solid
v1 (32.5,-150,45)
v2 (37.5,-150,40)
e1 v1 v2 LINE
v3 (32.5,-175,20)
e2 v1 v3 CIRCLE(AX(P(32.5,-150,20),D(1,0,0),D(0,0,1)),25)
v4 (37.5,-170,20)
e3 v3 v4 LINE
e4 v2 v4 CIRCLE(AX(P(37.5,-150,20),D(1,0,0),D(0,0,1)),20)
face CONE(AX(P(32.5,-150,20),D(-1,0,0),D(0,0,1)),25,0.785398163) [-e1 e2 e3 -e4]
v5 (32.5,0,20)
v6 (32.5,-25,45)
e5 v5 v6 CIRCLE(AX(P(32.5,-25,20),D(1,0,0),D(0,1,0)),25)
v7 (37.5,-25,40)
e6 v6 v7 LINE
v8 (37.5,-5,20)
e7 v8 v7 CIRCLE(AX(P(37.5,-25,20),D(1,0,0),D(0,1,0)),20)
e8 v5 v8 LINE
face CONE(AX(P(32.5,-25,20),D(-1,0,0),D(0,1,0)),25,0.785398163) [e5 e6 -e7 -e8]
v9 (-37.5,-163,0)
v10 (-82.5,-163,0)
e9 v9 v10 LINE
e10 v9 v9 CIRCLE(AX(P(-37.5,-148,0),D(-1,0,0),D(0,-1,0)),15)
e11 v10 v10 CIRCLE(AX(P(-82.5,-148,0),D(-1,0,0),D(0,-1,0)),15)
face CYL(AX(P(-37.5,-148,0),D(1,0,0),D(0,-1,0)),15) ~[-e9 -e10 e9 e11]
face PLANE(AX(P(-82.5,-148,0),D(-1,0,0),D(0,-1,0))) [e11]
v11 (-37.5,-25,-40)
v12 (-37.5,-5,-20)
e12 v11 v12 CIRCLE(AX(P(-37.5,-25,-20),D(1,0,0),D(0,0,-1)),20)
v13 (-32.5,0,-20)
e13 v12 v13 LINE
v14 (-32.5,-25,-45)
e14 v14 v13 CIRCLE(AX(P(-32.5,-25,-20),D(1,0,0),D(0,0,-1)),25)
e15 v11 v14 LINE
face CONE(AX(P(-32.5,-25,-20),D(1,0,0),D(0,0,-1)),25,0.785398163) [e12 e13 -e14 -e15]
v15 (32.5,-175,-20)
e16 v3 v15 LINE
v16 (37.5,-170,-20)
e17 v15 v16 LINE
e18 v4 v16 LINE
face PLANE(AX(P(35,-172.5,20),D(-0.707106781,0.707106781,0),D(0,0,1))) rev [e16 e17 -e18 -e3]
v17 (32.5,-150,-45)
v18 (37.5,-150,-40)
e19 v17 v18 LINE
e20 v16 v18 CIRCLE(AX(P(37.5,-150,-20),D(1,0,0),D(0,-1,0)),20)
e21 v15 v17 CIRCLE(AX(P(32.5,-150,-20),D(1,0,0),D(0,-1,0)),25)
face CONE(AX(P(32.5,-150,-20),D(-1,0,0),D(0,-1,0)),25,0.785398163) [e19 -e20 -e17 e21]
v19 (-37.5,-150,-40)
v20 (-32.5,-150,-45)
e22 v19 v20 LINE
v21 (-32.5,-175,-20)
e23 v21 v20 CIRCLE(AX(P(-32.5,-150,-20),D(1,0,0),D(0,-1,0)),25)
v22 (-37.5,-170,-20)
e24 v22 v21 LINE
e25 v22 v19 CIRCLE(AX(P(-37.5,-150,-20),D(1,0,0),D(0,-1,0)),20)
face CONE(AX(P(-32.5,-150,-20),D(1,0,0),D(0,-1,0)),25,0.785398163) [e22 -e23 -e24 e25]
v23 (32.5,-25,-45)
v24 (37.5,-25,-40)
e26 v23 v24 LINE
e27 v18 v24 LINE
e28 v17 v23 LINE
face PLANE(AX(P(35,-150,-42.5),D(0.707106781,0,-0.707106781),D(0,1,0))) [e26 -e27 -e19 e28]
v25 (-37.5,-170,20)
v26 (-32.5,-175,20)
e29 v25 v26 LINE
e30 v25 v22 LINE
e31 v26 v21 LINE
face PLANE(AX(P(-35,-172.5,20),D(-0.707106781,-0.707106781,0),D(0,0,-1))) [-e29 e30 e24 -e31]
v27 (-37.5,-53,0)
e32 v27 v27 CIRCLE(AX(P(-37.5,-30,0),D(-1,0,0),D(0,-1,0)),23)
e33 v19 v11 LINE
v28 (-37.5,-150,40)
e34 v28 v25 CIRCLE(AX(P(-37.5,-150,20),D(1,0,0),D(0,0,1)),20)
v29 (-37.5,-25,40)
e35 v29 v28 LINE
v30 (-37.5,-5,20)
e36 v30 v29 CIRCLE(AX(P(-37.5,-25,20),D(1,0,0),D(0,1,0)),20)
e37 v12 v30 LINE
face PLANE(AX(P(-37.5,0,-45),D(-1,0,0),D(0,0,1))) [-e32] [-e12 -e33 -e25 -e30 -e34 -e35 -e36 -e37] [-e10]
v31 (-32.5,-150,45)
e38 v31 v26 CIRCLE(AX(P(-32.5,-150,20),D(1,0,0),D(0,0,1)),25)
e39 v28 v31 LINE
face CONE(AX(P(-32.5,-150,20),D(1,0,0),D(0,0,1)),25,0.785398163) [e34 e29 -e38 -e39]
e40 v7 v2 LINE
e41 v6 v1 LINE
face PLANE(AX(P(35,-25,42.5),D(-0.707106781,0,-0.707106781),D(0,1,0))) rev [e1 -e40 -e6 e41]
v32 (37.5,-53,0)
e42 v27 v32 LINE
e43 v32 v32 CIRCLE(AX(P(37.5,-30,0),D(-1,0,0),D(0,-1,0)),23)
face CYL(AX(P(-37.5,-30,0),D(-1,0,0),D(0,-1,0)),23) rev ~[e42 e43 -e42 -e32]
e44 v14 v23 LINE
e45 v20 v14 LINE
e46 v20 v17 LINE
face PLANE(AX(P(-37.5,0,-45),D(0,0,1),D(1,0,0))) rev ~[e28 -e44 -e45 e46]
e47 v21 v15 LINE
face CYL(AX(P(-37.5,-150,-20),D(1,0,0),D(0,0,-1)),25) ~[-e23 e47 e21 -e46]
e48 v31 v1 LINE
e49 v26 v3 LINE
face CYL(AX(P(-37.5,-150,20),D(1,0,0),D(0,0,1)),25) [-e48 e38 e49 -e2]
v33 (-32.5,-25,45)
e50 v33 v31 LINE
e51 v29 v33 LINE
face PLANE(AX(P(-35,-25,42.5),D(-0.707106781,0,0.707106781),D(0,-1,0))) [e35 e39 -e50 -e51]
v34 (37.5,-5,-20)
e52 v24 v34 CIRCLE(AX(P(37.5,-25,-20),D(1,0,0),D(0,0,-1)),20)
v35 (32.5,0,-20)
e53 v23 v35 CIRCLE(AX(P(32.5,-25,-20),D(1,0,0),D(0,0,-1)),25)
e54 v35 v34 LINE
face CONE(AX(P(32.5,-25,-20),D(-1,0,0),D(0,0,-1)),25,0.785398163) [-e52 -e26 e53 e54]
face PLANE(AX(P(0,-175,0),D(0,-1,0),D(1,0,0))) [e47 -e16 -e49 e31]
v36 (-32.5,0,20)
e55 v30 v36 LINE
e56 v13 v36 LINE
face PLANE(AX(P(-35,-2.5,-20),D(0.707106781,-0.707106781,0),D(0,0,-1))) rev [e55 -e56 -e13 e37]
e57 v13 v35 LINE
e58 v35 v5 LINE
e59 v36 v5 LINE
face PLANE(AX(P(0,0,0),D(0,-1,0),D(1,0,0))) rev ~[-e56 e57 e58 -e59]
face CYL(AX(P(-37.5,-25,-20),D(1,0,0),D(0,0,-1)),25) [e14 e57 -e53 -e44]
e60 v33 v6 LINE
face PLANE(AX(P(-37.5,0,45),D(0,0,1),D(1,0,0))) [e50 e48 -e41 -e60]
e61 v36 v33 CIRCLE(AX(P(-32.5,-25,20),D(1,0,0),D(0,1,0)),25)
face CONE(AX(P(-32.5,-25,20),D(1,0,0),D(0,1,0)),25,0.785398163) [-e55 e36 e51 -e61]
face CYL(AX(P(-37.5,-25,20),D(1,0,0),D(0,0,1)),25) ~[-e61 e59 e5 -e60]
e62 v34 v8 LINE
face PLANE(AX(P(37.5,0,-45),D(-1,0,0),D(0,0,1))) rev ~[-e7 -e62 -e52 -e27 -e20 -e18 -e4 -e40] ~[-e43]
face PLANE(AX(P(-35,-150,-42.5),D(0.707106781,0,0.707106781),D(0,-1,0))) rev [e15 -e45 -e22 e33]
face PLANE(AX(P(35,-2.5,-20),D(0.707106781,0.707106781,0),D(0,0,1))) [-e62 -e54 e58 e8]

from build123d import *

# Parameters (mm, degrees)
F0_W     = 75
F0_H     = 90
F1_DEPTH = 175
F2_R     = 25
F3_SIZE  = 5
F4_R     = 23
F5_DEPTH = 75.001
F6_R     = 15
F7_DEPTH = 45


with BuildPart() as f1:
    # F0 (on Front) → F1 (new body)
    with BuildSketch(Plane.XZ):
        Rectangle(F0_W, F0_H)
    extrude(amount=F1_DEPTH)

    # F2
    f2_edges = [f1.edges().sort_by_distance(p)[0] for p in [
        (0, 0, 45),
        (0, 0, -45),
        (0, -175, -45),
        (0, -175, 45),
    ]]
    fillet(f2_edges, radius=F2_R)

    # F3
    f3_edges = [f1.edges().sort_by_distance(p)[0] for p in [
        (-37.5, -87.5, 45),
        (37.5, -167.67767, 37.67767),
    ]]
    chamfer(f3_edges, length=F3_SIZE)

    # F4 (on face) → F5 (cut, through all)
    with BuildSketch(Plane(origin=(-37.5, 0, 0), x_dir=(0, -1, 0), z_dir=(-1, 0, 0))):
        with Locations((30, 0)):
            Circle(F4_R)
    extrude(amount=-F5_DEPTH, mode=Mode.SUBTRACT)

    # F6 (on face) → F7 (join)
    with BuildSketch(Plane(origin=(-37.5, 0, 0), x_dir=(0, -1, 0), z_dir=(-1, 0, 0))):
        with Locations((148, 0)):
            Circle(F6_R)
    extrude(amount=F7_DEPTH)


solid = f1.part
